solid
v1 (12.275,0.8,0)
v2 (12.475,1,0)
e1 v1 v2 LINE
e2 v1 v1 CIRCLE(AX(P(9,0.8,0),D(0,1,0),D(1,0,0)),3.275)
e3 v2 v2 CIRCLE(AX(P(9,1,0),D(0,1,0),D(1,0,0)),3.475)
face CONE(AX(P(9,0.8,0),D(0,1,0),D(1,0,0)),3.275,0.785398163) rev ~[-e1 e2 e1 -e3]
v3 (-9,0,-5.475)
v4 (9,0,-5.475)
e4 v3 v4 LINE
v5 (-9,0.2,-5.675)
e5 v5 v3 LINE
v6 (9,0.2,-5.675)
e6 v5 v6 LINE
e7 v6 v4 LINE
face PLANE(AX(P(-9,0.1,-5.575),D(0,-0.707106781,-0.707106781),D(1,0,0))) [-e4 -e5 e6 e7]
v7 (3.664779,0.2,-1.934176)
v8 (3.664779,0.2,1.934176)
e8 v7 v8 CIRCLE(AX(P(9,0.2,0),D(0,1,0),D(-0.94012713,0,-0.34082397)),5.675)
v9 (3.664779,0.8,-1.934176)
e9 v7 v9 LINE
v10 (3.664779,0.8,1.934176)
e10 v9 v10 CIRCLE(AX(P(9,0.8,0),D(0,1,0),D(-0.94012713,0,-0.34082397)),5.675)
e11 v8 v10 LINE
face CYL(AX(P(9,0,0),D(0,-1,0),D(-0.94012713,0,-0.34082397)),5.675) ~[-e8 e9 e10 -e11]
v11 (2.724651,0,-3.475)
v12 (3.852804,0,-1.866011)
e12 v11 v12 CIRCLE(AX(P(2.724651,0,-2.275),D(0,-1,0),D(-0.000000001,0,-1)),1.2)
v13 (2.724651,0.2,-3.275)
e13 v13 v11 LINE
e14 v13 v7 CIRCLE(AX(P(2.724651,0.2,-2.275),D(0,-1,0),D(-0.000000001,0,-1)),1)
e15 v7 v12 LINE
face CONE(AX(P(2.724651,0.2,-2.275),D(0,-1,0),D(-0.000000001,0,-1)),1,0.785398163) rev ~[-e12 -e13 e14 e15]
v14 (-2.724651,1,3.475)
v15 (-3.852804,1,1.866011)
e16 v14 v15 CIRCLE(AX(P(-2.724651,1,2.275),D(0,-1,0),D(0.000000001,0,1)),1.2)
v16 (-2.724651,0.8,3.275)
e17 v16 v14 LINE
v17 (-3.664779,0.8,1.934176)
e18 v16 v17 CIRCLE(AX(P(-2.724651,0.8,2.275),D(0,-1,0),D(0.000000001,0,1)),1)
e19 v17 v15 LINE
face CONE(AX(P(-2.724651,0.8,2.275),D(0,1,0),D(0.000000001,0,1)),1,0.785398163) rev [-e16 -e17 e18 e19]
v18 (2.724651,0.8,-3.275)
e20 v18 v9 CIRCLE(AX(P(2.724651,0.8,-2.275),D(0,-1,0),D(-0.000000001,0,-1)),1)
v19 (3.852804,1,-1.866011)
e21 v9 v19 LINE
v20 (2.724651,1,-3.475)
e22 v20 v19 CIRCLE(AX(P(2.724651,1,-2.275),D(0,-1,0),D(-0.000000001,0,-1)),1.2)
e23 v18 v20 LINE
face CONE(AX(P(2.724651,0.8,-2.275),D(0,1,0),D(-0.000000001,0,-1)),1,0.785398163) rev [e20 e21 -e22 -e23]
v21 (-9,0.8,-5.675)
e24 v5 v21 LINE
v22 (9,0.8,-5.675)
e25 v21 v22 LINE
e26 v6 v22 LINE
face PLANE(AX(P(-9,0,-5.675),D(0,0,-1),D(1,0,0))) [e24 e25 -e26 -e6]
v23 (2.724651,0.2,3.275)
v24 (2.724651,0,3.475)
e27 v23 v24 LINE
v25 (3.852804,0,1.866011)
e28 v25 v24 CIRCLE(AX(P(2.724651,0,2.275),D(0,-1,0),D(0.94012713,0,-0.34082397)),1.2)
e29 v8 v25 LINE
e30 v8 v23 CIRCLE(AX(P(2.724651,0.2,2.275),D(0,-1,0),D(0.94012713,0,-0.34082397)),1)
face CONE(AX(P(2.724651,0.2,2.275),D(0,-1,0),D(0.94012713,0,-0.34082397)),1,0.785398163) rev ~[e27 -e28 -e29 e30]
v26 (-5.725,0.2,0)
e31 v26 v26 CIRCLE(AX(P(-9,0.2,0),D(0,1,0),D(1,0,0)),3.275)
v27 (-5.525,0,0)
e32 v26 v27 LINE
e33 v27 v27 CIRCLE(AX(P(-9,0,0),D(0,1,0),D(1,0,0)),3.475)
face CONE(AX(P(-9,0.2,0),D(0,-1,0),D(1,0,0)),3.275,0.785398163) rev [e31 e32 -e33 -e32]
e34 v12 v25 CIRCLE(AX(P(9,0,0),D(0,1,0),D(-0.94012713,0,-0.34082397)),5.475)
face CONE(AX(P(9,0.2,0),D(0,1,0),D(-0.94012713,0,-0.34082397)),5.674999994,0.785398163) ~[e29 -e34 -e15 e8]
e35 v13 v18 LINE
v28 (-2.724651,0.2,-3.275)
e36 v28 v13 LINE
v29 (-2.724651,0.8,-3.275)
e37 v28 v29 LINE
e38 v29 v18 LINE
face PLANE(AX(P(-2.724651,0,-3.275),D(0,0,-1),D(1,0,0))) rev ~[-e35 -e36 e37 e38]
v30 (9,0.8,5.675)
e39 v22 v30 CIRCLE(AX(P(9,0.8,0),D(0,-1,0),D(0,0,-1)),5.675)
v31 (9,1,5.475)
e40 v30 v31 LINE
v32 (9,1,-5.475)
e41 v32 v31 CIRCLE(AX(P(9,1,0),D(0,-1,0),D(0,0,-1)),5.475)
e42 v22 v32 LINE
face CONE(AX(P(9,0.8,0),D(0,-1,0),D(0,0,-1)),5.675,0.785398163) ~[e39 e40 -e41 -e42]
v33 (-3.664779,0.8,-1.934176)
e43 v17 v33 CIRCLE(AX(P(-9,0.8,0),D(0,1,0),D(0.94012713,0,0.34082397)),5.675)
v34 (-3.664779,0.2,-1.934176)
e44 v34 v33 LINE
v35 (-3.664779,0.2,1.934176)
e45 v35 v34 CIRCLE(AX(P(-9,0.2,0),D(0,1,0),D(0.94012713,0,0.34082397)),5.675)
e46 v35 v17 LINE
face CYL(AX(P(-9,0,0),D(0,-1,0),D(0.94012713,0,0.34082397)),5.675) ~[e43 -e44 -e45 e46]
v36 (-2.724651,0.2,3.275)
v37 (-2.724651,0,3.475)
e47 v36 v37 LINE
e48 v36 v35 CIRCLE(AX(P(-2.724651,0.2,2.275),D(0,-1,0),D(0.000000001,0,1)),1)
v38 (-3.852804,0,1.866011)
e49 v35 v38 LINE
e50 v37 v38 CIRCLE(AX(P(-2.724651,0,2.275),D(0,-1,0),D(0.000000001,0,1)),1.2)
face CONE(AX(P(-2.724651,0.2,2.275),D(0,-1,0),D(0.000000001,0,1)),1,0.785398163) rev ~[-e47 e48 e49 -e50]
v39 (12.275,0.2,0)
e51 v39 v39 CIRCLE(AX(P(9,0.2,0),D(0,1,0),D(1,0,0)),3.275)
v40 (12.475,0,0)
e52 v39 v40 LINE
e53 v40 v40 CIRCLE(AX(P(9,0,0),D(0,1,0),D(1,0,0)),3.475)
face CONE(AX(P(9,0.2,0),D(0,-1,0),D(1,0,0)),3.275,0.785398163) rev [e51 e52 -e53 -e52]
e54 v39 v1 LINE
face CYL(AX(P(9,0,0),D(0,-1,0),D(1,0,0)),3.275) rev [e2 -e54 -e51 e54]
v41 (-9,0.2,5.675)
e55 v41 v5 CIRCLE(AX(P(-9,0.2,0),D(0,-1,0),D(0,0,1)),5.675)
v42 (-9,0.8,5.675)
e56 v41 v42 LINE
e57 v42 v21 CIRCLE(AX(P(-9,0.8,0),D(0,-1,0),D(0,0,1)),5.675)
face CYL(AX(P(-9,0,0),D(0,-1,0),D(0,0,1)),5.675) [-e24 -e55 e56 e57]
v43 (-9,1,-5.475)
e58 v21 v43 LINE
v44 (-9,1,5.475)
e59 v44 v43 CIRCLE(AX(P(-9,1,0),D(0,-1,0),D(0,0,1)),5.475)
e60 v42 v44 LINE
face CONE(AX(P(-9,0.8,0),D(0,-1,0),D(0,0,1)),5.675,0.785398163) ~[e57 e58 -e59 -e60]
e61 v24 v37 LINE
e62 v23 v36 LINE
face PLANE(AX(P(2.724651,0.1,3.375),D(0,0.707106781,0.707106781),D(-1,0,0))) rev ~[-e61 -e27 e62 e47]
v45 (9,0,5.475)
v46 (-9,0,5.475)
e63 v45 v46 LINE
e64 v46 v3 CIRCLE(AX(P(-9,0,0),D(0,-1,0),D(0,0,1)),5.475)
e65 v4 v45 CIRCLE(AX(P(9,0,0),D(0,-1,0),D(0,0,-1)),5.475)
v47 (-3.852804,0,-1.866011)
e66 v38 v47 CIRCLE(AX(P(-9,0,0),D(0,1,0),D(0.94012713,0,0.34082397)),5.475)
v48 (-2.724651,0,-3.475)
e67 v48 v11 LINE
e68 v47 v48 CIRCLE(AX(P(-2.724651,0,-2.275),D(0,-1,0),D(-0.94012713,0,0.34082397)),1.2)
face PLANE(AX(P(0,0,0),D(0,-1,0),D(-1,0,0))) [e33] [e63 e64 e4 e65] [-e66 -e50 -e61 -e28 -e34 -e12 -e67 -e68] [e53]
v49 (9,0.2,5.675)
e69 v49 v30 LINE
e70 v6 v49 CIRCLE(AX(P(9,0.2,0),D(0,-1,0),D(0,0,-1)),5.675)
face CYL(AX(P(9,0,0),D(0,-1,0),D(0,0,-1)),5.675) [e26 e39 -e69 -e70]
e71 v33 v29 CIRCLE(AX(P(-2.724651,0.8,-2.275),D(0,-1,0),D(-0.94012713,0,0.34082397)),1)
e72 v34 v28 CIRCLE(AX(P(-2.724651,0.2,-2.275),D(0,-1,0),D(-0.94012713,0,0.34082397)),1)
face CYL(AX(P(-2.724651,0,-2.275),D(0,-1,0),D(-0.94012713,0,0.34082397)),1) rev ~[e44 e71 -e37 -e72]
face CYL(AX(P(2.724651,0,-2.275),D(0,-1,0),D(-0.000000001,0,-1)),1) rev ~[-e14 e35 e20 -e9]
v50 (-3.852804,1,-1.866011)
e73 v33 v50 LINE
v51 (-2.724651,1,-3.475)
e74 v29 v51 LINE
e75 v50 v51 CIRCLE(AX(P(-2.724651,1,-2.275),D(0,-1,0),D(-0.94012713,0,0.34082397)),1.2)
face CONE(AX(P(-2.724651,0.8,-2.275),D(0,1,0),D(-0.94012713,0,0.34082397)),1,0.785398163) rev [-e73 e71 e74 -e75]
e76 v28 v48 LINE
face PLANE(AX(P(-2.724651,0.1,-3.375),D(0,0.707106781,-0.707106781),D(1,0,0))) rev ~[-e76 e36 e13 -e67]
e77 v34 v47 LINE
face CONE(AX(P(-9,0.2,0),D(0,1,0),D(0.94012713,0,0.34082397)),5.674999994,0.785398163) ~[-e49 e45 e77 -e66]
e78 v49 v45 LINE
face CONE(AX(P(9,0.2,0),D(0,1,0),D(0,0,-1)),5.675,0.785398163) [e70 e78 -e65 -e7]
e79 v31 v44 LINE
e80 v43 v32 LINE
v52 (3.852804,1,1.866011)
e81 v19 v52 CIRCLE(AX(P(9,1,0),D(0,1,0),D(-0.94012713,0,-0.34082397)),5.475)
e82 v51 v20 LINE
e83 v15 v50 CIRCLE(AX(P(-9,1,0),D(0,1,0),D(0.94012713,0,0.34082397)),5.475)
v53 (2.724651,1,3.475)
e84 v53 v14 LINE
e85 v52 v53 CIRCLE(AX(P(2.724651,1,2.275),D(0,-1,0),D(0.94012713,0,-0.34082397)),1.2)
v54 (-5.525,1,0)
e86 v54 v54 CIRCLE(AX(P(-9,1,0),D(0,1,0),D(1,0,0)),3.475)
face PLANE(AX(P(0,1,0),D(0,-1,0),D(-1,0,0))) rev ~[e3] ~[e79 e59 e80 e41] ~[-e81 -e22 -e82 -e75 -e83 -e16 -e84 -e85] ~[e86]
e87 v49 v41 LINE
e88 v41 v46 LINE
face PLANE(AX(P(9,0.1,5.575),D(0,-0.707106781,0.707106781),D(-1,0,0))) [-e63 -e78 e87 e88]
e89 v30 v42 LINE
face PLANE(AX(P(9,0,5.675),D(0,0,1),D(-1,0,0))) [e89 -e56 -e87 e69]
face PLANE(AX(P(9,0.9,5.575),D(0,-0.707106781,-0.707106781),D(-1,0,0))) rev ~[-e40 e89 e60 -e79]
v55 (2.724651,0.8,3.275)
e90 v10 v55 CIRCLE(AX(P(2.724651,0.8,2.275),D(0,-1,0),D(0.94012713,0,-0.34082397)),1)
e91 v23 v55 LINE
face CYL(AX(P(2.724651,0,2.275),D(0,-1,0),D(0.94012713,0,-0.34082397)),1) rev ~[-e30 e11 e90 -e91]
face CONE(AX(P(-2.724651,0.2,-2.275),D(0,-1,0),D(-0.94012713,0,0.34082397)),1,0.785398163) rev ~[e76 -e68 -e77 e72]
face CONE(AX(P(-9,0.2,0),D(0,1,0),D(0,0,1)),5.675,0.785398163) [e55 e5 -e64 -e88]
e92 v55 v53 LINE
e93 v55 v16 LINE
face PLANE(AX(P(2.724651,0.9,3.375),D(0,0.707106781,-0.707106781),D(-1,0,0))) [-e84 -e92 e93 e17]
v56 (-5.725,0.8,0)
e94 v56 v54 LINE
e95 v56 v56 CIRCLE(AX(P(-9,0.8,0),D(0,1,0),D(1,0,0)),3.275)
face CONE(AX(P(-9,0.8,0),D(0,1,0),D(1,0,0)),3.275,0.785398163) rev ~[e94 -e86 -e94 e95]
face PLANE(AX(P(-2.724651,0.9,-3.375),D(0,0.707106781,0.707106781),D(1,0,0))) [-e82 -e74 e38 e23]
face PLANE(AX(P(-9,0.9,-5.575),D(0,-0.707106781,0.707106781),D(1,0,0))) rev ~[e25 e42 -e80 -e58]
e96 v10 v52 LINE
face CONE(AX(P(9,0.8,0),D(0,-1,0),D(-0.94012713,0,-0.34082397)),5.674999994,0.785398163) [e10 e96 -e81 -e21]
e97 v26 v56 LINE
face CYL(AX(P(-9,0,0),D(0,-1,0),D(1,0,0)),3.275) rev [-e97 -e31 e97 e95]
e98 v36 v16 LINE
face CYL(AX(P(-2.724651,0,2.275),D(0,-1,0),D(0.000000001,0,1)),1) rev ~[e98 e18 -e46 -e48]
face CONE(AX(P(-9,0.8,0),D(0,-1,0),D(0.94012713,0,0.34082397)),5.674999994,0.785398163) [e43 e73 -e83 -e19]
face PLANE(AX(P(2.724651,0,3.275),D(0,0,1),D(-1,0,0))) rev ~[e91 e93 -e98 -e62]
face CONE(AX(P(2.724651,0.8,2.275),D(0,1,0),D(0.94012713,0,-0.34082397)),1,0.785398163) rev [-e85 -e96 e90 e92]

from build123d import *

# Parameters (mm, degrees)
SKETCH1_R           = 3.275
BOSS_EXTRUDE1_DEPTH = 1
CHAMFER1_SIZE       = 0.2


with BuildPart() as part:
    # Sketch1 → Boss-Extrude1 (new body)
    with BuildSketch(Plane(origin=(0, 0, 0), x_dir=(1, 0, 0), z_dir=(0, 1, 0))):
        with BuildLine():
            Line((-9, 5.675), (9, 5.675))
            ThreePointArc((9, 5.675), (14.675, 0), (9, -5.675))
            Line((9, -5.675), (-9, -5.675))
            ThreePointArc((-9, -5.675), (-14.675, 0), (-9, 5.675))
        make_face()
        with Locations((-9, 0)):
            Circle(SKETCH1_R, mode=Mode.SUBTRACT)
        with Locations((9, 0)):
            Circle(SKETCH1_R, mode=Mode.SUBTRACT)
        with BuildLine():
            Line((-2.724651404, 3.275), (2.724651404, 3.275))
            ThreePointArc((2.724651404, 3.275), (3.543438303, 2.849097566), (3.664778535, 1.93417603))
            ThreePointArc((3.664778535, 1.93417603), (3.325, 0), (3.664778535, -1.93417603))
            ThreePointArc((3.664778535, -1.93417603), (3.543438303, -2.849097566), (2.724651404, -3.275))
            Line((2.724651404, -3.275), (-2.724651404, -3.275))
            ThreePointArc((-2.724651404, -3.275), (-3.543438303, -2.849097566), (-3.664778535, -1.93417603))
            ThreePointArc((-3.664778535, -1.93417603), (-3.325, 0), (-3.664778535, 1.93417603))
            ThreePointArc((-3.664778535, 1.93417603), (-3.543438303, 2.849097566), (-2.724651404, 3.275))
        make_face(mode=Mode.SUBTRACT)
    extrude(amount=BOSS_EXTRUDE1_DEPTH)

    # Chamfer1
    chamfer1_edges = [part.edges().sort_by_distance(p)[0] for p in [
        (-12.275, 0, 0),
        (-12.275, 1, 0),
        (14.675, 1, 0),
        (0, 1, -5.675),
        (3.543438303, 0, -2.849097566),
        (0, 0, -3.275),
        (-3.543438303, 0, -2.849097566),
        (-3.325, 0, 0),
        (-3.543438303, 0, 2.849097566),
        (0, 0, 3.275),
        (3.543438303, 0, 2.849097566),
        (3.325, 0, 0),
        (3.543438303, 1, -2.849097566),
        (0, 1, -3.275),
        (-3.543438303, 1, -2.849097566),
        (-3.325, 1, 0),
        (-3.543438303, 1, 2.849097566),
        (0, 1, 3.275),
        (3.543438303, 1, 2.849097566),
        (3.325, 1, 0),
        (5.725, 0, 0),
        (5.725, 1, 0),
        (-14.675, 1, 0),
        (0, 0, -5.675),
        (14.675, 0, 0),
        (0, 0, 5.675),
        (-14.675, 0, 0),
        (0, 1, 5.675),
    ]]
    chamfer(chamfer1_edges, length=CHAMFER1_SIZE)


solid = part.part
